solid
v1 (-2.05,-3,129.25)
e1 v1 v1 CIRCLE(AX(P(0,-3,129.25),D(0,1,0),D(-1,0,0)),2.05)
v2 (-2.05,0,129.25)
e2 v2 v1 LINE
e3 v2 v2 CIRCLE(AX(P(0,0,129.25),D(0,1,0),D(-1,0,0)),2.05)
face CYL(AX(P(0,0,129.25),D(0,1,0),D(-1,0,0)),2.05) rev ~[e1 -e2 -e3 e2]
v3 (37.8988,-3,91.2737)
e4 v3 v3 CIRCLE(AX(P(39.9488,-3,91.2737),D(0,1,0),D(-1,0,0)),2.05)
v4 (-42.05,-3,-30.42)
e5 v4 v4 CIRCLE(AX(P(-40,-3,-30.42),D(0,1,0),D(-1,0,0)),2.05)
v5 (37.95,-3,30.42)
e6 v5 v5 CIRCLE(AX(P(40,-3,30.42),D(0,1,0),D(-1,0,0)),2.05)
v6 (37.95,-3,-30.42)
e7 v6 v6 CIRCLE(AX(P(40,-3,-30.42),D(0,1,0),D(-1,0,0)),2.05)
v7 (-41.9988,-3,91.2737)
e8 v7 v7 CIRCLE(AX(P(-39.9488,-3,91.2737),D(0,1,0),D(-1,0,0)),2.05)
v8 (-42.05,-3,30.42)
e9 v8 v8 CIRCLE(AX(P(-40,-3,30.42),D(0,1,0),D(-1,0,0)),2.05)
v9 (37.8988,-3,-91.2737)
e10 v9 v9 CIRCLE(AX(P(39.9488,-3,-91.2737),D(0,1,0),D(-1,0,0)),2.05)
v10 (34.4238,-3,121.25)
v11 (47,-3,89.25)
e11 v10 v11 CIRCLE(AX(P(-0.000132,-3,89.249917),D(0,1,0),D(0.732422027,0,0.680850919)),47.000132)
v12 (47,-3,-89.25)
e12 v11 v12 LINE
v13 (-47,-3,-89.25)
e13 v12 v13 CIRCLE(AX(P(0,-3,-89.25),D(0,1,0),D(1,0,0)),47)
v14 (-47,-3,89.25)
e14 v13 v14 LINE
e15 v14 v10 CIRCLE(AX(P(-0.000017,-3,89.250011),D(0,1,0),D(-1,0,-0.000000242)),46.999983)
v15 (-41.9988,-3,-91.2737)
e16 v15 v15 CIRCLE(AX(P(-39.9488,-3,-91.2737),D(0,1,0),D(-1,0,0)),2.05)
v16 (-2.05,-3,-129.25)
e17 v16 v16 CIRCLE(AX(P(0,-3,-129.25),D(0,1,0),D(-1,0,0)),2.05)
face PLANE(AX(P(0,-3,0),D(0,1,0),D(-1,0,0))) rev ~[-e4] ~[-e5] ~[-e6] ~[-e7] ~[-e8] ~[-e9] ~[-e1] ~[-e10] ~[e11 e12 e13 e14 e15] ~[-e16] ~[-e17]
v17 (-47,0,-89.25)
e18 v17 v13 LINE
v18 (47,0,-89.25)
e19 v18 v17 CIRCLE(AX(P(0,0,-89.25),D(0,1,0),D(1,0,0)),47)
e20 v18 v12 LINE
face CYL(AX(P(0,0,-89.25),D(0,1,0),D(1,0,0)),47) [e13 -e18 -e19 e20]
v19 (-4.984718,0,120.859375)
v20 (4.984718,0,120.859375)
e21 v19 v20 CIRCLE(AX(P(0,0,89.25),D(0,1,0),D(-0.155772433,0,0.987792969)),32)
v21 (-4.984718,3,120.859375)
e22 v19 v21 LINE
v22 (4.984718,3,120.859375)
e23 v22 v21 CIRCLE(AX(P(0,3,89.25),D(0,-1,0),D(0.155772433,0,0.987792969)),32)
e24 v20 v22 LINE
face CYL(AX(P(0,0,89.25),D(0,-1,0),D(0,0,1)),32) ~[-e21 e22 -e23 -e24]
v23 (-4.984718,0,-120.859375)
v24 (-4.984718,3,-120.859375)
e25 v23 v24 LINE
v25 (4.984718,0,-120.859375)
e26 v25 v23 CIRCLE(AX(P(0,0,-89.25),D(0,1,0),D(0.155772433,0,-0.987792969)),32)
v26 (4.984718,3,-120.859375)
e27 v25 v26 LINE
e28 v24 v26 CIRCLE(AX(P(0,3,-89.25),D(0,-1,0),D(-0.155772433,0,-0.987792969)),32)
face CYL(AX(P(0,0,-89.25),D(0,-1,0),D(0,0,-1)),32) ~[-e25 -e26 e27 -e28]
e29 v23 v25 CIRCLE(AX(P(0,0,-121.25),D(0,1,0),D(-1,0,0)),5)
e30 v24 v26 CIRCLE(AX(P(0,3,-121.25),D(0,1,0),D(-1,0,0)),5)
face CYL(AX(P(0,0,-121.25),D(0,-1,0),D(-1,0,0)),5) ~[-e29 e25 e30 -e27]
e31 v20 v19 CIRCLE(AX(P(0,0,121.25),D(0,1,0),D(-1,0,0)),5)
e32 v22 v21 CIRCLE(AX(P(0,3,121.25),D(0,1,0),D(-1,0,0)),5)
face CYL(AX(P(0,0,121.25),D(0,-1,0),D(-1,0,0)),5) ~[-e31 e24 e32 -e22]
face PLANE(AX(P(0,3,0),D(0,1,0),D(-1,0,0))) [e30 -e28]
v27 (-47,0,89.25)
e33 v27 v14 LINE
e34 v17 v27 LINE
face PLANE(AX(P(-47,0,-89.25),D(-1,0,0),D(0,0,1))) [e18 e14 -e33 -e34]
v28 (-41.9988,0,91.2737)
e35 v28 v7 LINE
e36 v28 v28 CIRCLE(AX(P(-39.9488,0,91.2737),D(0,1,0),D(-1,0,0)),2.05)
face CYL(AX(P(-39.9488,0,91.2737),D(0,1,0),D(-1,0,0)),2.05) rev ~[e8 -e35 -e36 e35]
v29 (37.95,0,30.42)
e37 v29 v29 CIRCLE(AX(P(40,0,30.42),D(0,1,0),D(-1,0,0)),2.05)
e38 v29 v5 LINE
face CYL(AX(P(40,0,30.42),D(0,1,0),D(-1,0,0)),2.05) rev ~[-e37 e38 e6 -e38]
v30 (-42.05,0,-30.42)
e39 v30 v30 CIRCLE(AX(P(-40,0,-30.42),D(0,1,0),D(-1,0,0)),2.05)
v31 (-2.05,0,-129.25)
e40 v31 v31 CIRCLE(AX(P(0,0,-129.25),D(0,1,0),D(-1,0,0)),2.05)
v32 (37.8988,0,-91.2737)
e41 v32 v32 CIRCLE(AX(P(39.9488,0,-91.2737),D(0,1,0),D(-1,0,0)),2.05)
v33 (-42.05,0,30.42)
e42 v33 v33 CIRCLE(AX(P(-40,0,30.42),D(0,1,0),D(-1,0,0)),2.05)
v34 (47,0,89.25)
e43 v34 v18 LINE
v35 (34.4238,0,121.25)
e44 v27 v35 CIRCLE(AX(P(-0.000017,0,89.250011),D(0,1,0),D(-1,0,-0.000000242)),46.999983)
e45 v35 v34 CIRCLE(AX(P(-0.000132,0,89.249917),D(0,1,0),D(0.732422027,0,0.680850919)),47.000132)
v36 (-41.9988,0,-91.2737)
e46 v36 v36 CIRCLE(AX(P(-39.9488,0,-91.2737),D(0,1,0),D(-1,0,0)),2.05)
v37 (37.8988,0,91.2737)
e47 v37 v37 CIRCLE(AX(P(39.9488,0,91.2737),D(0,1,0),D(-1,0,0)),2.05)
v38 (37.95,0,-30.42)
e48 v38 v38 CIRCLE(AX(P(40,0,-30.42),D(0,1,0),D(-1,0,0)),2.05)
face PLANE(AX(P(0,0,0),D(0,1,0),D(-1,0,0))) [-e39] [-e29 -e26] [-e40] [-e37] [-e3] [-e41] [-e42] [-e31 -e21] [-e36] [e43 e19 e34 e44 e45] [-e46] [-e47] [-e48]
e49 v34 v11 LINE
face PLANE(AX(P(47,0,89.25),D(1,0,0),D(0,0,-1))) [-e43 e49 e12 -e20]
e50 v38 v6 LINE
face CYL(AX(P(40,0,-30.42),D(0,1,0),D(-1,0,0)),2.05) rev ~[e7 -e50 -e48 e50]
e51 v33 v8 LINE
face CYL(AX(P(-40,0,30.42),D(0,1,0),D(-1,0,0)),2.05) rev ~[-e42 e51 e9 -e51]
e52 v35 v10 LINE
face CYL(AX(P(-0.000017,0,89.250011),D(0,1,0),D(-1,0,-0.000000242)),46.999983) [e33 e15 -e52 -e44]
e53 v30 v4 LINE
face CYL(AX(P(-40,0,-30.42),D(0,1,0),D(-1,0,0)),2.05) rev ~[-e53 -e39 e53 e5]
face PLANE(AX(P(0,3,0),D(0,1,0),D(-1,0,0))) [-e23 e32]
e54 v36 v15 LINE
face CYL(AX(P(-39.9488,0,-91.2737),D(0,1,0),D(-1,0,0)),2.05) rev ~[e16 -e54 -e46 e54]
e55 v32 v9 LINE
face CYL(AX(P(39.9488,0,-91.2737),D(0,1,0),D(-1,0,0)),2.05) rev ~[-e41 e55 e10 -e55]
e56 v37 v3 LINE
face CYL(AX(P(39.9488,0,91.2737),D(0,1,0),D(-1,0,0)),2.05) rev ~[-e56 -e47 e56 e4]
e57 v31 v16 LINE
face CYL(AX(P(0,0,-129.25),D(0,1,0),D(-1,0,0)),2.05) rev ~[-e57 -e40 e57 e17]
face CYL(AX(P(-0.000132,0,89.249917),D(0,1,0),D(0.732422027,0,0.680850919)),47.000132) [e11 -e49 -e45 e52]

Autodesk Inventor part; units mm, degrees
ref_plane "YZ Plane" through (0, 0, 0) normal (1, 0, 0) x (0, 1, 0)
ref_plane "XZ Plane" through (0, 0, 0) normal (0, 1, 0) x (-1, 0, 0)
ref_plane "XY Plane" through (0, 0, 0) normal (0, 0, 1) x (1, 0, 0)
sketch "Sketch1" plane through (0, 0, 0) normal (0, 1, 0) x (-1, 0, 0)
  line L0 (0, 121.25) -> (0, 121.25)
  line L1 (32, 89.25) -> (32, -89.25)
  line L2 (0, -121.25) -> (0, -121.25)
  line L3 (-32, -89.25) -> (-32, 89.25)
  line L4 (32, 0) -> (-32, 0) construction
  arc A0 (32, 89.25) -> (0, 121.25) centre (0, 89.25) ccw
  arc A1 (0, 121.25) -> (-32, 89.25) centre (0, 89.25) ccw
  arc A2 (0, -121.25) -> (32, -89.25) centre (0, -89.25) ccw
  arc A3 (-32, -89.25) -> (0, -121.25) centre (0, -89.25) ccw
  arc A4 (0, -136.25) -> (47, -89.25) centre (0, -89.25) ccw
  line L5 (47, -89.25) -> (47, 89.25)
  arc A5 (47, 89.25) -> (-34.4238, 121.25) centre (0, 89.25) ccw
  arc A6 (-34.4238, 121.25) -> (-47, 89.25) centre (0, 89.25) ccw
  line L6 (-47, 89.25) -> (-47, -89.25)
  arc A7 (-47, -89.25) -> (0, -136.25) centre (0, -89.25) ccw
  arc A8 (0, 129.25) -> (-40, 89.25) centre (0, 89.25) ccw construction
  line L7 (-40, 89.25) -> (-40, -89.25) construction
  arc A9 (-40, -89.25) -> (24, -121.25) centre (0, -89.25) ccw construction
  arc A10 (24, -121.25) -> (40, -89.25) centre (0, -89.25) ccw construction
  line L8 (40, -89.25) -> (40, 89.25) construction
  arc A11 (40, 89.25) -> (0, 129.25) centre (0, 89.25) ccw construction
  circle A12 centre (0, -129.25) radius 2.05
  circle A13 centre (0, 129.25) radius 2.05
  circle A14 centre (-39.9488, 91.2737) radius 2.05
  circle A15 centre (39.9488, 91.2737) radius 2.05
  circle A16 centre (-40, 30.42) radius 2.05
  circle A17 centre (40, 30.42) radius 2.05
  circle A18 centre (0, -129.25) radius 2.05
  circle A19 centre (-39.9488, -91.2737) radius 2.05
  circle A20 centre (39.9488, -91.2737) radius 2.05
  circle A21 centre (-40, -30.42) radius 2.05
  circle A22 centre (40, -30.42) radius 2.05
  circle A23 centre (0, 121.25) radius 5
  circle A24 centre (0, -121.25) radius 5
  point P0 (0, 0)
  point P1 (32, -121.25)
  point P2 (32, 121.25)
  point P3 (-32, -121.25)
  point P4 (0, 0)
  point P5 (-40, 0)
  point P6 (40, 0)
  point P7 (4.9847, -120.8594)
  point P8 (-4.9847, -120.8594)
  point P9 (0, -121.25)
  point P10 (-4.9847, 120.8594)
  point P11 (4.9847, 120.8594)
  point P12 (0, 121.25)
  dimension "d0" = 242.5
  dimension "d1" = 64
  dimension "d2" = 32
  dimension "d3" = 32
  dimension "d4" = 15
  dimension "d5" = 8
  dimension "d6" = 4.1
  dimension "d7" = 4.1
  dimension "d10" = 87.1
  dimension "d14" = 87.1
  dimension "d16" = 4.1
  dimension "d17" = 30.42
  dimension "d18" = 4.1
  dimension "d19" = 30.42
  dimension "d20" = 10
  dimension "d21" = 10
extrude "Extrusion1" add sketch "Sketch1" against normal blind 3 contours L1 A2 A24 A3 L3 A1 A23 A0 | A23 A1 A0 | A0 A1 A23 | A24 A3 A2 | A2 A3 A24 | A7 L6 A6 A5 L5 A4
extrude "Extrusion2" add sketch "Sketch1" along normal blind 3 contours A23 A1 A0 | A2 A3 A24 picked at (0.9662, 119.6201) picked at (0.9662, -119.6201)
properties part number "top_housing_base-plate"
